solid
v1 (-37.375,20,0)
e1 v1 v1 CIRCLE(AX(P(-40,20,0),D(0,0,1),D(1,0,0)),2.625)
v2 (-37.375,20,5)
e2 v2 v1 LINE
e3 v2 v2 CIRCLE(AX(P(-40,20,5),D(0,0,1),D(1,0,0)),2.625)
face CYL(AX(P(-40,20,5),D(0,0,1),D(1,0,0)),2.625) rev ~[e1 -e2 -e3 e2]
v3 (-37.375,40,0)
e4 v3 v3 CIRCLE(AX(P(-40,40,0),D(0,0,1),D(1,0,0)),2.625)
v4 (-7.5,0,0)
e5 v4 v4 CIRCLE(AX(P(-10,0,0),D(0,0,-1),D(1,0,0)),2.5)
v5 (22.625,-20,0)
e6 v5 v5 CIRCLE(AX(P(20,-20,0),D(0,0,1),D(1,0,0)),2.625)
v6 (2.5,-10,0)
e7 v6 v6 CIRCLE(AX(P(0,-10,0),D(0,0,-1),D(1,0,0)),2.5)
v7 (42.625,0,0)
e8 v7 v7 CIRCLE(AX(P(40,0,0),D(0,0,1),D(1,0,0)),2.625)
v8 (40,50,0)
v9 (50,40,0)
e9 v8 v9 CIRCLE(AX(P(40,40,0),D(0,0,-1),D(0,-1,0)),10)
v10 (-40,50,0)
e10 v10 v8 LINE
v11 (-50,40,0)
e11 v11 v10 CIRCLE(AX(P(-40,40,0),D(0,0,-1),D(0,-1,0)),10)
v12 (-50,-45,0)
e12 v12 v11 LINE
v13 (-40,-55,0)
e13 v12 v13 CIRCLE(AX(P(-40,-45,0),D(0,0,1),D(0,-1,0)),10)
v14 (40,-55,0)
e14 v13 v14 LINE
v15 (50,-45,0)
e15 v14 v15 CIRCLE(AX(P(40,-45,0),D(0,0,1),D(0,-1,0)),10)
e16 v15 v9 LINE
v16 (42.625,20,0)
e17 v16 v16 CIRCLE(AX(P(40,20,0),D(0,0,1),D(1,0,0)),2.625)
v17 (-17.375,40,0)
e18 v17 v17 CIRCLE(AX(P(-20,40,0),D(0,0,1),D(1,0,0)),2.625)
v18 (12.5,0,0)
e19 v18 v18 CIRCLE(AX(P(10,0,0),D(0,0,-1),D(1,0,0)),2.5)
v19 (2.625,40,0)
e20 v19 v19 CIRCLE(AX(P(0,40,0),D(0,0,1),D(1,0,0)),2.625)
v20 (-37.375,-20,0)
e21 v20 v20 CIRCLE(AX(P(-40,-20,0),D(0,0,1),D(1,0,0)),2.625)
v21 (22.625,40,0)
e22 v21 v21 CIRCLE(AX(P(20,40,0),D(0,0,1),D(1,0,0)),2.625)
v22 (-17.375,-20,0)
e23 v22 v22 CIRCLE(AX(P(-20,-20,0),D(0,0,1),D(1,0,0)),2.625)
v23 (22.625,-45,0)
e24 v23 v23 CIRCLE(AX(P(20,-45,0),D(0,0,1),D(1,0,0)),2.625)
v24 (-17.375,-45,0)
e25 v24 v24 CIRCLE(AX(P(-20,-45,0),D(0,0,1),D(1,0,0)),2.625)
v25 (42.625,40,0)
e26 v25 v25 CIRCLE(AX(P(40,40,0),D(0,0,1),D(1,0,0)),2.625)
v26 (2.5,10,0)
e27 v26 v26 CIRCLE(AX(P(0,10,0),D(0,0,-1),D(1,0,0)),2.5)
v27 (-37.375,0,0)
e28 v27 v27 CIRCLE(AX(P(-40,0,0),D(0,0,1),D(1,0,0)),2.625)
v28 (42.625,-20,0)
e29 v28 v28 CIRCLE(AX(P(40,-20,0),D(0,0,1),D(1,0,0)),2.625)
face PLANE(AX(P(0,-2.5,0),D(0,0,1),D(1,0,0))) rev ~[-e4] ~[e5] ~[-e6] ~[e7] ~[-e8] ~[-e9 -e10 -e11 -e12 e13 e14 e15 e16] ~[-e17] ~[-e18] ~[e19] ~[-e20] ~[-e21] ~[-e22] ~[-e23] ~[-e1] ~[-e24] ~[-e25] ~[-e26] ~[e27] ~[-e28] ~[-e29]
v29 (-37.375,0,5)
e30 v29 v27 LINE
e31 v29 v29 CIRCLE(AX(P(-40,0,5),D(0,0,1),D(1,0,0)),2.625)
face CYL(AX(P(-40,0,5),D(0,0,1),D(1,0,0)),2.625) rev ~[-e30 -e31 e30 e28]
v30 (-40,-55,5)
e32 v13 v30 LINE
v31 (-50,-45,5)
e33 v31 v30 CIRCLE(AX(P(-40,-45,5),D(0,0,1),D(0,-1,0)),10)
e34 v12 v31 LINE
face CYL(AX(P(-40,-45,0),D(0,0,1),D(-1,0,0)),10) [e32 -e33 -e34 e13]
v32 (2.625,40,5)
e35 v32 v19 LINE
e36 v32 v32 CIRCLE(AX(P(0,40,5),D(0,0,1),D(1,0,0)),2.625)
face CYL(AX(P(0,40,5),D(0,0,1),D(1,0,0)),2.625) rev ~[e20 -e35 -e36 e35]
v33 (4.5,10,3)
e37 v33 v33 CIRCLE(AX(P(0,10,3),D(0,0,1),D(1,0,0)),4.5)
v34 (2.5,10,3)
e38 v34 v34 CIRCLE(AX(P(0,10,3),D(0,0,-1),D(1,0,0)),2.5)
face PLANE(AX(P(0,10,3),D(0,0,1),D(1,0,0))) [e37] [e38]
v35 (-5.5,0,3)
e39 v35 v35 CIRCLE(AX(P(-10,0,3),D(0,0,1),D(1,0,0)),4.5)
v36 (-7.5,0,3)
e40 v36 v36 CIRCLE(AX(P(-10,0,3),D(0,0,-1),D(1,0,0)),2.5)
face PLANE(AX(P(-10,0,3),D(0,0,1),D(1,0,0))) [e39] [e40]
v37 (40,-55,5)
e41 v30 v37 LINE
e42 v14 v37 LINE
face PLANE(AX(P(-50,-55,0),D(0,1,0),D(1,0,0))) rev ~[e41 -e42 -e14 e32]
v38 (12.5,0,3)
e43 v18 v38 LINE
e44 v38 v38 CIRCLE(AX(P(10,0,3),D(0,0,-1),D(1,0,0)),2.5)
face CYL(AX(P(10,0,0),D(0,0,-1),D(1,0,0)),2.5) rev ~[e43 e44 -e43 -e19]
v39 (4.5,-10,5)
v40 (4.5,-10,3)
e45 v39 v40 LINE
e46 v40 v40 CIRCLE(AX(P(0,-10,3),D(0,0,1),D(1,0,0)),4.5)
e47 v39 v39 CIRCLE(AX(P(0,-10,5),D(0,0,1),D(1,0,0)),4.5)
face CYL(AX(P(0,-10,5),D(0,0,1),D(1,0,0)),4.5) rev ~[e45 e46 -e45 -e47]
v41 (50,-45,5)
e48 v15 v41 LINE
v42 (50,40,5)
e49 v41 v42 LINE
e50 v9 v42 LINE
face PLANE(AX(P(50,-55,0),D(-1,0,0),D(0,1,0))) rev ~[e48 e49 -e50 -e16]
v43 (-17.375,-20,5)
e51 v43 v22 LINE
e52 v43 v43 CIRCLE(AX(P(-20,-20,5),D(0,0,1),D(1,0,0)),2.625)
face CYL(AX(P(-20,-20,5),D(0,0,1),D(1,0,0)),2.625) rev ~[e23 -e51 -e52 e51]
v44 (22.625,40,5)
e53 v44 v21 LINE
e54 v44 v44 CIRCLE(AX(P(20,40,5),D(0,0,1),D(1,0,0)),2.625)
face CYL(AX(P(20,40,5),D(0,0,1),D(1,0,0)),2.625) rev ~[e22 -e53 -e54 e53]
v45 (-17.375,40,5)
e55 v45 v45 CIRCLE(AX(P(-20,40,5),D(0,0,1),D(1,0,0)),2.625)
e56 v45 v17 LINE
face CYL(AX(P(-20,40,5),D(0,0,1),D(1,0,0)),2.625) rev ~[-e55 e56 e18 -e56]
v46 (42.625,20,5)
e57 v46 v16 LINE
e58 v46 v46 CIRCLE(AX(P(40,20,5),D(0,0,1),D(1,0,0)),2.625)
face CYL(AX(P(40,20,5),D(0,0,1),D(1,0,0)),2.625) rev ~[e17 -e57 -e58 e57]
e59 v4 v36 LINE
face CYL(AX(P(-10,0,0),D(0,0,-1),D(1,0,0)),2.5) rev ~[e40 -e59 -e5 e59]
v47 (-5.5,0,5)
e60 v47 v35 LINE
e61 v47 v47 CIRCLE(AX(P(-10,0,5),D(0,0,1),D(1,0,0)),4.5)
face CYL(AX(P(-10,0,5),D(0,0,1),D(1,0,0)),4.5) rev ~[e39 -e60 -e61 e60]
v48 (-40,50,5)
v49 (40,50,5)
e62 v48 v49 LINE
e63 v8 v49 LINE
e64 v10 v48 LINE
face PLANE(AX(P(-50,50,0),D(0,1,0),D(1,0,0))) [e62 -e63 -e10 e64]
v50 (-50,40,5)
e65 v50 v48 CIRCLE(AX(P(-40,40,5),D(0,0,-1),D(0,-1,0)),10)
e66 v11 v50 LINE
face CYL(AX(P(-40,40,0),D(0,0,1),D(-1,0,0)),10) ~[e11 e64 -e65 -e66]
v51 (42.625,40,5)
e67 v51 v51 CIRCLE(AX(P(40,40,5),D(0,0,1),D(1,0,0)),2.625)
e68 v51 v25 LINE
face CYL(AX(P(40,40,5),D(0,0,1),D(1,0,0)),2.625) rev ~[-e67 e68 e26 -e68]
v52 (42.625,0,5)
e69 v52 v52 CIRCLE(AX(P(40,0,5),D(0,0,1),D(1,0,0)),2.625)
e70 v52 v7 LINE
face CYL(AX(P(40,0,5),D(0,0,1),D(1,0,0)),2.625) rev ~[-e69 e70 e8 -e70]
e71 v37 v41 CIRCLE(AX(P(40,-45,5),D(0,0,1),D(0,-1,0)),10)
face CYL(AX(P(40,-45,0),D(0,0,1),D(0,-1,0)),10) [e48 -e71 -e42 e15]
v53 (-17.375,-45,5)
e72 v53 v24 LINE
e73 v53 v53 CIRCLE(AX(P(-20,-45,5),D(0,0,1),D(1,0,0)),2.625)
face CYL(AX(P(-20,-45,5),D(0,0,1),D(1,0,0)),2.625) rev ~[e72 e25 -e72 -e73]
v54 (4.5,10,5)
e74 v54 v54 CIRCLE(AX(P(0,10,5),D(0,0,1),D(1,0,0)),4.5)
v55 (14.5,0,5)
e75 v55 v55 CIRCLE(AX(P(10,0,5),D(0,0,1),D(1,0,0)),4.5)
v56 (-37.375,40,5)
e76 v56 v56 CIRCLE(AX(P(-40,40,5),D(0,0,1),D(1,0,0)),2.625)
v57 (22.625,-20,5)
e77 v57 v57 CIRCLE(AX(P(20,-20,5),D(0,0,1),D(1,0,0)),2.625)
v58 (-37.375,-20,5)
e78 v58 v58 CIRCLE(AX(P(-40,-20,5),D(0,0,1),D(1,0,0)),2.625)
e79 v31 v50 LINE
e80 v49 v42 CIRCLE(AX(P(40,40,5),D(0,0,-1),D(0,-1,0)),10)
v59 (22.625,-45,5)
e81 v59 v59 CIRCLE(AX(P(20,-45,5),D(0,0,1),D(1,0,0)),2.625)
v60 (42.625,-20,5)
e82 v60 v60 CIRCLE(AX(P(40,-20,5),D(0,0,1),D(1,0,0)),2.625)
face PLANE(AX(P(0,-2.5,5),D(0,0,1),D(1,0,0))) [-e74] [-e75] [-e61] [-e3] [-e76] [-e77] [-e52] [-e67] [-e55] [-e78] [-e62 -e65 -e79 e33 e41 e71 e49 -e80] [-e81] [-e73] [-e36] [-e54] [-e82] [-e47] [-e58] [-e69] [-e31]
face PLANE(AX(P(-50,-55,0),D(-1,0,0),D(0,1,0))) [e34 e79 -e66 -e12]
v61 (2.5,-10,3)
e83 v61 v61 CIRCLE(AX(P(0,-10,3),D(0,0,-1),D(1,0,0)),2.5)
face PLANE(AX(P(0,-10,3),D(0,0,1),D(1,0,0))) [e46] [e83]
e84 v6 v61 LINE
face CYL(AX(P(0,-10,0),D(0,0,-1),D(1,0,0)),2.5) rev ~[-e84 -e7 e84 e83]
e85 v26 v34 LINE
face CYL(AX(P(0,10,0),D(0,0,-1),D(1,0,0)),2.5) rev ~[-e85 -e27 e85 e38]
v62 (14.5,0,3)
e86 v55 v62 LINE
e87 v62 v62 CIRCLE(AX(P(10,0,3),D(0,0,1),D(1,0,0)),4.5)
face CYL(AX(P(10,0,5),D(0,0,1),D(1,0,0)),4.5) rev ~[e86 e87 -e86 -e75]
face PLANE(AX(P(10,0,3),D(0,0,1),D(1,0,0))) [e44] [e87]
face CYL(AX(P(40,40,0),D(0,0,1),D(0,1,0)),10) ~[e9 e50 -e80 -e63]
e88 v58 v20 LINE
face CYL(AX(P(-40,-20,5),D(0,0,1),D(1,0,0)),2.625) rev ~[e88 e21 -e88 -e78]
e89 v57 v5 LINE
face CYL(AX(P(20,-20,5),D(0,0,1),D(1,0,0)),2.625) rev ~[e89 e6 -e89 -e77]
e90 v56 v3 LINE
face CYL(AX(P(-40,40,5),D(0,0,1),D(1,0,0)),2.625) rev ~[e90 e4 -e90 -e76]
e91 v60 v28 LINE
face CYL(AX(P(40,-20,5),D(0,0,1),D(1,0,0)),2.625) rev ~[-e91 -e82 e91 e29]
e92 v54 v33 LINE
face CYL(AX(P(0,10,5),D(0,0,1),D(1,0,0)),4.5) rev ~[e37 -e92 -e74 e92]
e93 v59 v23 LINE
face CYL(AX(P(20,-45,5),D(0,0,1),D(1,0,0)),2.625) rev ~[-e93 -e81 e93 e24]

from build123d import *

# Parameters (mm, degrees)
SKETCH_W        = 100
SKETCH_H        = 105
PAD_DEPTH       = 5
SKETCH001_R     = 4.5
POCKET_DEPTH    = 2
SKETCH002_R     = 2.5
POCKET001_DEPTH = 3
SKETCH003_R     = 2.625
POCKET002_DEPTH = 5
FILLET_R        = 10


with BuildPart() as part:
    # Sketch → Pad (new body)
    with BuildSketch(Plane.XY):
        with Locations((0, -2.5)):
            Rectangle(SKETCH_W, SKETCH_H)
    extrude(amount=PAD_DEPTH)

    # Sketch001 (on Face6 of Pad) → Pocket (cut)
    with BuildSketch(Plane.XY.offset(5)):
        with Locations((0, 10)):
            Circle(SKETCH001_R)
        with Locations((10, 0)):
            Circle(SKETCH001_R)
        with Locations((-10, 0)):
            Circle(SKETCH001_R)
        with Locations((0, -10)):
            Circle(SKETCH001_R)
    extrude(amount=-POCKET_DEPTH, mode=Mode.SUBTRACT)

    # Sketch002 (on Face4 of Pocket) → Pocket001 (cut)
    with BuildSketch(Plane(origin=(0, 0, 0), x_dir=(1, 0, 0), z_dir=(0, 0, -1))):
        with Locations((0, 10)):
            Circle(SKETCH002_R)
        with Locations((10, 0)):
            Circle(SKETCH002_R)
        with Locations((0, -10)):
            Circle(SKETCH002_R)
        with Locations((-10, 0)):
            Circle(SKETCH002_R)
    extrude(amount=-POCKET001_DEPTH, mode=Mode.SUBTRACT)

    # Sketch003 (on Face5 of Pocket001) → Pocket002 (cut)
    with BuildSketch(Plane.XY.offset(5)):
        with Locations((-40, 0)):
            Circle(SKETCH003_R)
        with Locations((-40, -20)):
            Circle(SKETCH003_R)
        with Locations((-20, -45)):
            Circle(SKETCH003_R)
        with Locations((20, -45)):
            Circle(SKETCH003_R)
        with Locations((40, -20)):
            Circle(SKETCH003_R)
        with Locations((40, 0)):
            Circle(SKETCH003_R)
        with Locations((40, 20)):
            Circle(SKETCH003_R)
        with Locations((40, 40)):
            Circle(SKETCH003_R)
        with Locations((20, 40)):
            Circle(SKETCH003_R)
        with Locations((0, 40)):
            Circle(SKETCH003_R)
        with Locations((-20, 40)):
            Circle(SKETCH003_R)
        with Locations((-40, 40)):
            Circle(SKETCH003_R)
        with Locations((-40, 20)):
            Circle(SKETCH003_R)
        with Locations((-20, -20)):
            Circle(SKETCH003_R)
        with Locations((20, -20)):
            Circle(SKETCH003_R)
    extrude(amount=-POCKET002_DEPTH, mode=Mode.SUBTRACT)

    # Fillet
    fillet_edges = [part.edges().sort_by_distance(p)[0] for p in [
        (-50, 50, 2.5),
        (50, 50, 2.5),
        (50, -55, 2.5),
        (-50, -55, 2.5),
    ]]
    fillet(fillet_edges, radius=FILLET_R)


solid = part.part
